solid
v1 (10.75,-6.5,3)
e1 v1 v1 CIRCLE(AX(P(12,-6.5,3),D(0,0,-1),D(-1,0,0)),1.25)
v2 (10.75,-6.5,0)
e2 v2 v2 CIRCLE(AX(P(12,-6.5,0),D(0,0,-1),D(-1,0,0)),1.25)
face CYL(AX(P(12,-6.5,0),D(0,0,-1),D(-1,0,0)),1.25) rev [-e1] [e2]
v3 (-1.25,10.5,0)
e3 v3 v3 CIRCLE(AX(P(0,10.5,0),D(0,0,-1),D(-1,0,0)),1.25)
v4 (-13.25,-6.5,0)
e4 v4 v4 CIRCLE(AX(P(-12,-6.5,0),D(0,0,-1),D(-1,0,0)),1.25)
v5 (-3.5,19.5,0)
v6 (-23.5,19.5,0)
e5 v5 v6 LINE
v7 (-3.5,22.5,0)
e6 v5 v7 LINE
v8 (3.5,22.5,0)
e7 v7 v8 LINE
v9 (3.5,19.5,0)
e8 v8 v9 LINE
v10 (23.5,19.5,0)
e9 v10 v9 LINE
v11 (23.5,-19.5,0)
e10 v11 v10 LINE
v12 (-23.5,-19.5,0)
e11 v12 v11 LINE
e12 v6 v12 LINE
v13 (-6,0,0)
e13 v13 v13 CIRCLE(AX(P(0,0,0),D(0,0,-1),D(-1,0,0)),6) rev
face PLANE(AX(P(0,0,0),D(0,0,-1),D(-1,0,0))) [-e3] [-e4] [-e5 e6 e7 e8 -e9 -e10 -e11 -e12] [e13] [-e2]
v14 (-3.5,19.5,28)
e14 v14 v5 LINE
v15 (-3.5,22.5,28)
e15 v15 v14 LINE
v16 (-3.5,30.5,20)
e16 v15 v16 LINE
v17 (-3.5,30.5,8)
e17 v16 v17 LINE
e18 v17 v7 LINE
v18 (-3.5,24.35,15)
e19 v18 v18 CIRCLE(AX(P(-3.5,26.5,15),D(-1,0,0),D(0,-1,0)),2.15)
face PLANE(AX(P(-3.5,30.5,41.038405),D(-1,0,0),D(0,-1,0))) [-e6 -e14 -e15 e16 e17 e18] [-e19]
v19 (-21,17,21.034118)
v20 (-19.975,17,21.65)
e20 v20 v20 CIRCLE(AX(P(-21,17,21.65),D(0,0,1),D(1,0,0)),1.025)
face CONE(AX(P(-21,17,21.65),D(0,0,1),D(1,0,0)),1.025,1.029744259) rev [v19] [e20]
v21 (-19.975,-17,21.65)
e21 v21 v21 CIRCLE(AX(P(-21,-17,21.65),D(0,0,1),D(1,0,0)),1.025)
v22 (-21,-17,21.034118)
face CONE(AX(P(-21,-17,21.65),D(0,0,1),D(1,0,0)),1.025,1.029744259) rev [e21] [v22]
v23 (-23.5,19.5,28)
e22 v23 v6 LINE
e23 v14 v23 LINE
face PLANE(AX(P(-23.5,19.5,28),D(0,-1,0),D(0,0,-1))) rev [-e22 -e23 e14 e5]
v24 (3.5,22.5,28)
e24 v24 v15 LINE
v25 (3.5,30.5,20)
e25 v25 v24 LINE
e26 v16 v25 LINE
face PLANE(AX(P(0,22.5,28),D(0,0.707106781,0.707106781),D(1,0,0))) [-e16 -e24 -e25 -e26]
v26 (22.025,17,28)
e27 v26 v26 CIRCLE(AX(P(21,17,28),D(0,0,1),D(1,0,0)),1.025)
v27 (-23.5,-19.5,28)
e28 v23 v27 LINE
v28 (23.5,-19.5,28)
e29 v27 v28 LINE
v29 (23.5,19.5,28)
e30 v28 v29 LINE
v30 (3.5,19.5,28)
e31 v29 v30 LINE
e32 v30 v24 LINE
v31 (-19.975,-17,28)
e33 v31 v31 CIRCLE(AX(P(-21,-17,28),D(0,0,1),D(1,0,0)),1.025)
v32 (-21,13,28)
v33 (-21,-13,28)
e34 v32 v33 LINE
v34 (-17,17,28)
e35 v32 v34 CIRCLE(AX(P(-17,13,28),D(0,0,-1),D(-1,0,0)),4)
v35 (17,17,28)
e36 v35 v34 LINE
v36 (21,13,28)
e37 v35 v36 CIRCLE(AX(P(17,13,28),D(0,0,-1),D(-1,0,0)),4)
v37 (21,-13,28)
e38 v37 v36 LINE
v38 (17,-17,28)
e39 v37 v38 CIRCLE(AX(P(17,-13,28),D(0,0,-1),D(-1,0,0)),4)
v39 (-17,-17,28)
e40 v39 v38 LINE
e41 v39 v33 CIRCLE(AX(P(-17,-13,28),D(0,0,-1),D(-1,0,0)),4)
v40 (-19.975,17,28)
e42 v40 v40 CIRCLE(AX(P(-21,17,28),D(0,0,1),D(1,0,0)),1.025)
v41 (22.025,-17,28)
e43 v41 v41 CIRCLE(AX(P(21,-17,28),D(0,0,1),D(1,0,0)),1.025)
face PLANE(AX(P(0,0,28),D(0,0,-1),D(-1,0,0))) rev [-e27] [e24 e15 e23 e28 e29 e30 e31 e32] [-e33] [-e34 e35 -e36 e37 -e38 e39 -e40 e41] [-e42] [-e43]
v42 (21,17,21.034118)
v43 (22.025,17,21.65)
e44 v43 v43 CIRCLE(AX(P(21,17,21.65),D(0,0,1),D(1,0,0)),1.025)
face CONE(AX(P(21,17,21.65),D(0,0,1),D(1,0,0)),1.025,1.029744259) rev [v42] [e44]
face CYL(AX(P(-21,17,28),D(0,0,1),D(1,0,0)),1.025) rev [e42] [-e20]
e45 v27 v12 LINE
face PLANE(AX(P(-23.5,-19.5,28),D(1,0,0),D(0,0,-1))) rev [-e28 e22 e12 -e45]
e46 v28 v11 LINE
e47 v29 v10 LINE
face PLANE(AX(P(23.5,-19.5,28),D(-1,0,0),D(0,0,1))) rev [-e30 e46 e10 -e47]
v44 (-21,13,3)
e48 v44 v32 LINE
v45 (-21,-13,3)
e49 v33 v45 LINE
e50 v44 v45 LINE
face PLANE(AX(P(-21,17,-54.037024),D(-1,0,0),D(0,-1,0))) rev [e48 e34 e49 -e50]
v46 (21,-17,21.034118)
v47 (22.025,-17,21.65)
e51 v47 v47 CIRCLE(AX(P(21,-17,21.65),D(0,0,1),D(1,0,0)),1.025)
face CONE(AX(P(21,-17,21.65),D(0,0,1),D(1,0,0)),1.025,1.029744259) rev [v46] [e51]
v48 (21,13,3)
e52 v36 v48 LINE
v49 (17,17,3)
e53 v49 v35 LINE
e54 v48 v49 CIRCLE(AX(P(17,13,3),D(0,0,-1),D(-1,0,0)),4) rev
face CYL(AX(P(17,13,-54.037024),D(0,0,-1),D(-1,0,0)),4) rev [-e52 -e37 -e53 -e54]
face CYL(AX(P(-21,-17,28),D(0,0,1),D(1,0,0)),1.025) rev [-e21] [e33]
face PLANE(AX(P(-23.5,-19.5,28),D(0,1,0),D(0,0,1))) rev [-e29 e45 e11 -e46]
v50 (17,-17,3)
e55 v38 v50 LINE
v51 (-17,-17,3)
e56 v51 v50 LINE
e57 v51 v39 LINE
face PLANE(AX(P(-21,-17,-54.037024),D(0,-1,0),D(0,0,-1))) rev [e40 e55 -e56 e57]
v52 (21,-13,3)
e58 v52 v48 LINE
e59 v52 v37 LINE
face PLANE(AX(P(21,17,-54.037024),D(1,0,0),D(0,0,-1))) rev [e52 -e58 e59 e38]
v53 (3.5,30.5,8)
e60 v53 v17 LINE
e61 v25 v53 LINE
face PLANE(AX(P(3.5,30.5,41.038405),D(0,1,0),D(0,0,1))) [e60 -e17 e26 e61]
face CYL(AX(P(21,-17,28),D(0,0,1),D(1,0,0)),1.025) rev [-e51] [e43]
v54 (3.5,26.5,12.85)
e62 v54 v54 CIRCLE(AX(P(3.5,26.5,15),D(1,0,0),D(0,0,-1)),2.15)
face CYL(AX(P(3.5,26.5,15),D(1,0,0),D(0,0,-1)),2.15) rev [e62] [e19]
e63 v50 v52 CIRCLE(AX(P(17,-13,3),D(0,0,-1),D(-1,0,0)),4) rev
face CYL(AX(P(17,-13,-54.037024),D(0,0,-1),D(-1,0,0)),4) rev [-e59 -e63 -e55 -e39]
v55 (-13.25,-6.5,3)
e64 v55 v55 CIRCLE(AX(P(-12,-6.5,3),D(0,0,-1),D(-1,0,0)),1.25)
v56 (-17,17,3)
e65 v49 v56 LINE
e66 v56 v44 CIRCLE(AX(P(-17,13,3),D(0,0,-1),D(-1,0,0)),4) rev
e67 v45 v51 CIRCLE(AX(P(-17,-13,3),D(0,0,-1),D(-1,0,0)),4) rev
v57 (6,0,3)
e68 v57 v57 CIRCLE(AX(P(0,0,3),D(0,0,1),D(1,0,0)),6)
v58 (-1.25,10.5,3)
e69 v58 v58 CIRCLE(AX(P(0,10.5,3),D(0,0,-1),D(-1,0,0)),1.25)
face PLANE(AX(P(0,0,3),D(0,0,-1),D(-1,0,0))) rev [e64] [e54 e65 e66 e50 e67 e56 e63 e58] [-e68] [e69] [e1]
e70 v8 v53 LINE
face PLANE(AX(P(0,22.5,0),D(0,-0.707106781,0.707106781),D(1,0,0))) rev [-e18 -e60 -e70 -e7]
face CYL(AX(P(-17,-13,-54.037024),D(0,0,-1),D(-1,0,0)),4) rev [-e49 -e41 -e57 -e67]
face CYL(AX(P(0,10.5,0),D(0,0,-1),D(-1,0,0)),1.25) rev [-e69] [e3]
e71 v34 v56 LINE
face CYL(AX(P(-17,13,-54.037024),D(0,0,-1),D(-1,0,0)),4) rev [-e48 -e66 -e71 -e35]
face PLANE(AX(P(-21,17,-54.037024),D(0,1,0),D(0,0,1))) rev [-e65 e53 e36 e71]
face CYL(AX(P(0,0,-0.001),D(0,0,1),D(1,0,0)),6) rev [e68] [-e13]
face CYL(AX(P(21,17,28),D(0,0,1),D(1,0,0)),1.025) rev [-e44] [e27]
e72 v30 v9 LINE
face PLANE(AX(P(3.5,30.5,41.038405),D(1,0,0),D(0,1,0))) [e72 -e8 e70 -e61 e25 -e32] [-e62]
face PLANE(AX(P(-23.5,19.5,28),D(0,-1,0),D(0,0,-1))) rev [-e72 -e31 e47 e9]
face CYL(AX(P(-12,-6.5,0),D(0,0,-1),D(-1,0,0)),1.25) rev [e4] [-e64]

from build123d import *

# Parameters (mm, degrees)
SKETCH_1_W               = 47
SKETCH_1_H               = 39
EXTRUDE_1_DEPTH          = 28
SKETCH_4_W               = 42
SKETCH_4_H               = 34
CUT_EXTRUDE_1_DEPTH      = 25
FILLET_1_R               = 4
HOLE_WIZARD_M2_5_1_D     = 2.05
HOLE_WIZARD_M2_5_1_DEPTH = 6.35
HOLE_WIZARD_M2_5_1_TIP   = 0.615882135
HOLE_WIZARD_M3_1_D       = 2.5
CUT_EXTRUDE_2_REACH      = 41.465
SKETCH_10_R              = 6
SKETCH_11_W              = 7
SKETCH_11_H              = 11
EXTRUDE_2_DEPTH          = 28
HOLE_WIZARD_M4_1_D       = 4.3
CHAMFER_1_SIZE           = 8


with BuildPart() as part:
    # 草图1 → 凸台-拉伸1 (new body)
    with BuildSketch(Plane.XY):
        Rectangle(SKETCH_1_W, SKETCH_1_H)
    extrude(amount=EXTRUDE_1_DEPTH)

    # 草图4 → 切除-拉伸1 (cut)
    with BuildSketch(Plane.XY.offset(28)):
        Rectangle(SKETCH_4_W, SKETCH_4_H)
    extrude(amount=-CUT_EXTRUDE_1_DEPTH, mode=Mode.SUBTRACT)

    # 圆角1
    fillet_1_edges = [part.edges().sort_by_distance(p)[0] for p in [
        (-21, 17, 15.5),
        (-21, -17, 15.5),
        (21, -17, 15.5),
        (21, 17, 15.5),
    ]]
    fillet(fillet_1_edges, radius=FILLET_1_R)

    # M2.5 螺纹孔1
    with Locations(Plane.XY.offset(28)):
        with Locations((21, 17), (-21, -17), (-21, 17), (21, -17)):
            Hole(HOLE_WIZARD_M2_5_1_D / 2, depth=HOLE_WIZARD_M2_5_1_DEPTH)
            with Locations((0, 0, -(HOLE_WIZARD_M2_5_1_DEPTH + HOLE_WIZARD_M2_5_1_TIP / 2))):  # 118° drill point
                Cone(0, HOLE_WIZARD_M2_5_1_D / 2, HOLE_WIZARD_M2_5_1_TIP, mode=Mode.SUBTRACT)

    # M3 螺纹孔1 (through all)
    with Locations(Plane(origin=(0, 0, 0), x_dir=(-1, 0, 0), z_dir=(0, 0, -1))):
        with Locations((-12, -6.5), (12, -6.5), (0, 10.5)):
            Hole(HOLE_WIZARD_M3_1_D / 2)

    # 草图10 → 切除-拉伸2 (cut, up to next)
    with BuildSketch(Plane.XY.offset(3), mode=Mode.PRIVATE) as cut_extrude_2_sk1:
        Circle(SKETCH_10_R)
    cut_extrude_2_tool1 = extrude(cut_extrude_2_sk1.sketch, amount=-CUT_EXTRUDE_2_REACH, mode=Mode.PRIVATE) & part.part
    add(cut_extrude_2_tool1.solids().sort_by_distance((0, 0, 3))[0], mode=Mode.SUBTRACT)

    # 草图11 → 凸台-拉伸2 (add)
    with BuildSketch(Plane(origin=(0, 0, 0), x_dir=(-1, 0, 0), z_dir=(0, 0, -1))):
        with Locations((0, 25)):
            Rectangle(SKETCH_11_W, SKETCH_11_H)
    extrude(amount=-EXTRUDE_2_DEPTH)

    # M4 间隙孔1 (through all)
    with Locations(Plane(origin=(3.5, 0, 0), x_dir=(0, 0, -1), z_dir=(1, 0, 0))):
        with Locations((-15, 26.5)):
            Hole(HOLE_WIZARD_M4_1_D / 2)

    # 倒角1
    chamfer_1_edges = [part.edges().sort_by_distance(p)[0] for p in [
        (0, 30.5, 28),
        (0, 30.5, 0),
    ]]
    chamfer(chamfer_1_edges, length=CHAMFER_1_SIZE)


solid = part.part
